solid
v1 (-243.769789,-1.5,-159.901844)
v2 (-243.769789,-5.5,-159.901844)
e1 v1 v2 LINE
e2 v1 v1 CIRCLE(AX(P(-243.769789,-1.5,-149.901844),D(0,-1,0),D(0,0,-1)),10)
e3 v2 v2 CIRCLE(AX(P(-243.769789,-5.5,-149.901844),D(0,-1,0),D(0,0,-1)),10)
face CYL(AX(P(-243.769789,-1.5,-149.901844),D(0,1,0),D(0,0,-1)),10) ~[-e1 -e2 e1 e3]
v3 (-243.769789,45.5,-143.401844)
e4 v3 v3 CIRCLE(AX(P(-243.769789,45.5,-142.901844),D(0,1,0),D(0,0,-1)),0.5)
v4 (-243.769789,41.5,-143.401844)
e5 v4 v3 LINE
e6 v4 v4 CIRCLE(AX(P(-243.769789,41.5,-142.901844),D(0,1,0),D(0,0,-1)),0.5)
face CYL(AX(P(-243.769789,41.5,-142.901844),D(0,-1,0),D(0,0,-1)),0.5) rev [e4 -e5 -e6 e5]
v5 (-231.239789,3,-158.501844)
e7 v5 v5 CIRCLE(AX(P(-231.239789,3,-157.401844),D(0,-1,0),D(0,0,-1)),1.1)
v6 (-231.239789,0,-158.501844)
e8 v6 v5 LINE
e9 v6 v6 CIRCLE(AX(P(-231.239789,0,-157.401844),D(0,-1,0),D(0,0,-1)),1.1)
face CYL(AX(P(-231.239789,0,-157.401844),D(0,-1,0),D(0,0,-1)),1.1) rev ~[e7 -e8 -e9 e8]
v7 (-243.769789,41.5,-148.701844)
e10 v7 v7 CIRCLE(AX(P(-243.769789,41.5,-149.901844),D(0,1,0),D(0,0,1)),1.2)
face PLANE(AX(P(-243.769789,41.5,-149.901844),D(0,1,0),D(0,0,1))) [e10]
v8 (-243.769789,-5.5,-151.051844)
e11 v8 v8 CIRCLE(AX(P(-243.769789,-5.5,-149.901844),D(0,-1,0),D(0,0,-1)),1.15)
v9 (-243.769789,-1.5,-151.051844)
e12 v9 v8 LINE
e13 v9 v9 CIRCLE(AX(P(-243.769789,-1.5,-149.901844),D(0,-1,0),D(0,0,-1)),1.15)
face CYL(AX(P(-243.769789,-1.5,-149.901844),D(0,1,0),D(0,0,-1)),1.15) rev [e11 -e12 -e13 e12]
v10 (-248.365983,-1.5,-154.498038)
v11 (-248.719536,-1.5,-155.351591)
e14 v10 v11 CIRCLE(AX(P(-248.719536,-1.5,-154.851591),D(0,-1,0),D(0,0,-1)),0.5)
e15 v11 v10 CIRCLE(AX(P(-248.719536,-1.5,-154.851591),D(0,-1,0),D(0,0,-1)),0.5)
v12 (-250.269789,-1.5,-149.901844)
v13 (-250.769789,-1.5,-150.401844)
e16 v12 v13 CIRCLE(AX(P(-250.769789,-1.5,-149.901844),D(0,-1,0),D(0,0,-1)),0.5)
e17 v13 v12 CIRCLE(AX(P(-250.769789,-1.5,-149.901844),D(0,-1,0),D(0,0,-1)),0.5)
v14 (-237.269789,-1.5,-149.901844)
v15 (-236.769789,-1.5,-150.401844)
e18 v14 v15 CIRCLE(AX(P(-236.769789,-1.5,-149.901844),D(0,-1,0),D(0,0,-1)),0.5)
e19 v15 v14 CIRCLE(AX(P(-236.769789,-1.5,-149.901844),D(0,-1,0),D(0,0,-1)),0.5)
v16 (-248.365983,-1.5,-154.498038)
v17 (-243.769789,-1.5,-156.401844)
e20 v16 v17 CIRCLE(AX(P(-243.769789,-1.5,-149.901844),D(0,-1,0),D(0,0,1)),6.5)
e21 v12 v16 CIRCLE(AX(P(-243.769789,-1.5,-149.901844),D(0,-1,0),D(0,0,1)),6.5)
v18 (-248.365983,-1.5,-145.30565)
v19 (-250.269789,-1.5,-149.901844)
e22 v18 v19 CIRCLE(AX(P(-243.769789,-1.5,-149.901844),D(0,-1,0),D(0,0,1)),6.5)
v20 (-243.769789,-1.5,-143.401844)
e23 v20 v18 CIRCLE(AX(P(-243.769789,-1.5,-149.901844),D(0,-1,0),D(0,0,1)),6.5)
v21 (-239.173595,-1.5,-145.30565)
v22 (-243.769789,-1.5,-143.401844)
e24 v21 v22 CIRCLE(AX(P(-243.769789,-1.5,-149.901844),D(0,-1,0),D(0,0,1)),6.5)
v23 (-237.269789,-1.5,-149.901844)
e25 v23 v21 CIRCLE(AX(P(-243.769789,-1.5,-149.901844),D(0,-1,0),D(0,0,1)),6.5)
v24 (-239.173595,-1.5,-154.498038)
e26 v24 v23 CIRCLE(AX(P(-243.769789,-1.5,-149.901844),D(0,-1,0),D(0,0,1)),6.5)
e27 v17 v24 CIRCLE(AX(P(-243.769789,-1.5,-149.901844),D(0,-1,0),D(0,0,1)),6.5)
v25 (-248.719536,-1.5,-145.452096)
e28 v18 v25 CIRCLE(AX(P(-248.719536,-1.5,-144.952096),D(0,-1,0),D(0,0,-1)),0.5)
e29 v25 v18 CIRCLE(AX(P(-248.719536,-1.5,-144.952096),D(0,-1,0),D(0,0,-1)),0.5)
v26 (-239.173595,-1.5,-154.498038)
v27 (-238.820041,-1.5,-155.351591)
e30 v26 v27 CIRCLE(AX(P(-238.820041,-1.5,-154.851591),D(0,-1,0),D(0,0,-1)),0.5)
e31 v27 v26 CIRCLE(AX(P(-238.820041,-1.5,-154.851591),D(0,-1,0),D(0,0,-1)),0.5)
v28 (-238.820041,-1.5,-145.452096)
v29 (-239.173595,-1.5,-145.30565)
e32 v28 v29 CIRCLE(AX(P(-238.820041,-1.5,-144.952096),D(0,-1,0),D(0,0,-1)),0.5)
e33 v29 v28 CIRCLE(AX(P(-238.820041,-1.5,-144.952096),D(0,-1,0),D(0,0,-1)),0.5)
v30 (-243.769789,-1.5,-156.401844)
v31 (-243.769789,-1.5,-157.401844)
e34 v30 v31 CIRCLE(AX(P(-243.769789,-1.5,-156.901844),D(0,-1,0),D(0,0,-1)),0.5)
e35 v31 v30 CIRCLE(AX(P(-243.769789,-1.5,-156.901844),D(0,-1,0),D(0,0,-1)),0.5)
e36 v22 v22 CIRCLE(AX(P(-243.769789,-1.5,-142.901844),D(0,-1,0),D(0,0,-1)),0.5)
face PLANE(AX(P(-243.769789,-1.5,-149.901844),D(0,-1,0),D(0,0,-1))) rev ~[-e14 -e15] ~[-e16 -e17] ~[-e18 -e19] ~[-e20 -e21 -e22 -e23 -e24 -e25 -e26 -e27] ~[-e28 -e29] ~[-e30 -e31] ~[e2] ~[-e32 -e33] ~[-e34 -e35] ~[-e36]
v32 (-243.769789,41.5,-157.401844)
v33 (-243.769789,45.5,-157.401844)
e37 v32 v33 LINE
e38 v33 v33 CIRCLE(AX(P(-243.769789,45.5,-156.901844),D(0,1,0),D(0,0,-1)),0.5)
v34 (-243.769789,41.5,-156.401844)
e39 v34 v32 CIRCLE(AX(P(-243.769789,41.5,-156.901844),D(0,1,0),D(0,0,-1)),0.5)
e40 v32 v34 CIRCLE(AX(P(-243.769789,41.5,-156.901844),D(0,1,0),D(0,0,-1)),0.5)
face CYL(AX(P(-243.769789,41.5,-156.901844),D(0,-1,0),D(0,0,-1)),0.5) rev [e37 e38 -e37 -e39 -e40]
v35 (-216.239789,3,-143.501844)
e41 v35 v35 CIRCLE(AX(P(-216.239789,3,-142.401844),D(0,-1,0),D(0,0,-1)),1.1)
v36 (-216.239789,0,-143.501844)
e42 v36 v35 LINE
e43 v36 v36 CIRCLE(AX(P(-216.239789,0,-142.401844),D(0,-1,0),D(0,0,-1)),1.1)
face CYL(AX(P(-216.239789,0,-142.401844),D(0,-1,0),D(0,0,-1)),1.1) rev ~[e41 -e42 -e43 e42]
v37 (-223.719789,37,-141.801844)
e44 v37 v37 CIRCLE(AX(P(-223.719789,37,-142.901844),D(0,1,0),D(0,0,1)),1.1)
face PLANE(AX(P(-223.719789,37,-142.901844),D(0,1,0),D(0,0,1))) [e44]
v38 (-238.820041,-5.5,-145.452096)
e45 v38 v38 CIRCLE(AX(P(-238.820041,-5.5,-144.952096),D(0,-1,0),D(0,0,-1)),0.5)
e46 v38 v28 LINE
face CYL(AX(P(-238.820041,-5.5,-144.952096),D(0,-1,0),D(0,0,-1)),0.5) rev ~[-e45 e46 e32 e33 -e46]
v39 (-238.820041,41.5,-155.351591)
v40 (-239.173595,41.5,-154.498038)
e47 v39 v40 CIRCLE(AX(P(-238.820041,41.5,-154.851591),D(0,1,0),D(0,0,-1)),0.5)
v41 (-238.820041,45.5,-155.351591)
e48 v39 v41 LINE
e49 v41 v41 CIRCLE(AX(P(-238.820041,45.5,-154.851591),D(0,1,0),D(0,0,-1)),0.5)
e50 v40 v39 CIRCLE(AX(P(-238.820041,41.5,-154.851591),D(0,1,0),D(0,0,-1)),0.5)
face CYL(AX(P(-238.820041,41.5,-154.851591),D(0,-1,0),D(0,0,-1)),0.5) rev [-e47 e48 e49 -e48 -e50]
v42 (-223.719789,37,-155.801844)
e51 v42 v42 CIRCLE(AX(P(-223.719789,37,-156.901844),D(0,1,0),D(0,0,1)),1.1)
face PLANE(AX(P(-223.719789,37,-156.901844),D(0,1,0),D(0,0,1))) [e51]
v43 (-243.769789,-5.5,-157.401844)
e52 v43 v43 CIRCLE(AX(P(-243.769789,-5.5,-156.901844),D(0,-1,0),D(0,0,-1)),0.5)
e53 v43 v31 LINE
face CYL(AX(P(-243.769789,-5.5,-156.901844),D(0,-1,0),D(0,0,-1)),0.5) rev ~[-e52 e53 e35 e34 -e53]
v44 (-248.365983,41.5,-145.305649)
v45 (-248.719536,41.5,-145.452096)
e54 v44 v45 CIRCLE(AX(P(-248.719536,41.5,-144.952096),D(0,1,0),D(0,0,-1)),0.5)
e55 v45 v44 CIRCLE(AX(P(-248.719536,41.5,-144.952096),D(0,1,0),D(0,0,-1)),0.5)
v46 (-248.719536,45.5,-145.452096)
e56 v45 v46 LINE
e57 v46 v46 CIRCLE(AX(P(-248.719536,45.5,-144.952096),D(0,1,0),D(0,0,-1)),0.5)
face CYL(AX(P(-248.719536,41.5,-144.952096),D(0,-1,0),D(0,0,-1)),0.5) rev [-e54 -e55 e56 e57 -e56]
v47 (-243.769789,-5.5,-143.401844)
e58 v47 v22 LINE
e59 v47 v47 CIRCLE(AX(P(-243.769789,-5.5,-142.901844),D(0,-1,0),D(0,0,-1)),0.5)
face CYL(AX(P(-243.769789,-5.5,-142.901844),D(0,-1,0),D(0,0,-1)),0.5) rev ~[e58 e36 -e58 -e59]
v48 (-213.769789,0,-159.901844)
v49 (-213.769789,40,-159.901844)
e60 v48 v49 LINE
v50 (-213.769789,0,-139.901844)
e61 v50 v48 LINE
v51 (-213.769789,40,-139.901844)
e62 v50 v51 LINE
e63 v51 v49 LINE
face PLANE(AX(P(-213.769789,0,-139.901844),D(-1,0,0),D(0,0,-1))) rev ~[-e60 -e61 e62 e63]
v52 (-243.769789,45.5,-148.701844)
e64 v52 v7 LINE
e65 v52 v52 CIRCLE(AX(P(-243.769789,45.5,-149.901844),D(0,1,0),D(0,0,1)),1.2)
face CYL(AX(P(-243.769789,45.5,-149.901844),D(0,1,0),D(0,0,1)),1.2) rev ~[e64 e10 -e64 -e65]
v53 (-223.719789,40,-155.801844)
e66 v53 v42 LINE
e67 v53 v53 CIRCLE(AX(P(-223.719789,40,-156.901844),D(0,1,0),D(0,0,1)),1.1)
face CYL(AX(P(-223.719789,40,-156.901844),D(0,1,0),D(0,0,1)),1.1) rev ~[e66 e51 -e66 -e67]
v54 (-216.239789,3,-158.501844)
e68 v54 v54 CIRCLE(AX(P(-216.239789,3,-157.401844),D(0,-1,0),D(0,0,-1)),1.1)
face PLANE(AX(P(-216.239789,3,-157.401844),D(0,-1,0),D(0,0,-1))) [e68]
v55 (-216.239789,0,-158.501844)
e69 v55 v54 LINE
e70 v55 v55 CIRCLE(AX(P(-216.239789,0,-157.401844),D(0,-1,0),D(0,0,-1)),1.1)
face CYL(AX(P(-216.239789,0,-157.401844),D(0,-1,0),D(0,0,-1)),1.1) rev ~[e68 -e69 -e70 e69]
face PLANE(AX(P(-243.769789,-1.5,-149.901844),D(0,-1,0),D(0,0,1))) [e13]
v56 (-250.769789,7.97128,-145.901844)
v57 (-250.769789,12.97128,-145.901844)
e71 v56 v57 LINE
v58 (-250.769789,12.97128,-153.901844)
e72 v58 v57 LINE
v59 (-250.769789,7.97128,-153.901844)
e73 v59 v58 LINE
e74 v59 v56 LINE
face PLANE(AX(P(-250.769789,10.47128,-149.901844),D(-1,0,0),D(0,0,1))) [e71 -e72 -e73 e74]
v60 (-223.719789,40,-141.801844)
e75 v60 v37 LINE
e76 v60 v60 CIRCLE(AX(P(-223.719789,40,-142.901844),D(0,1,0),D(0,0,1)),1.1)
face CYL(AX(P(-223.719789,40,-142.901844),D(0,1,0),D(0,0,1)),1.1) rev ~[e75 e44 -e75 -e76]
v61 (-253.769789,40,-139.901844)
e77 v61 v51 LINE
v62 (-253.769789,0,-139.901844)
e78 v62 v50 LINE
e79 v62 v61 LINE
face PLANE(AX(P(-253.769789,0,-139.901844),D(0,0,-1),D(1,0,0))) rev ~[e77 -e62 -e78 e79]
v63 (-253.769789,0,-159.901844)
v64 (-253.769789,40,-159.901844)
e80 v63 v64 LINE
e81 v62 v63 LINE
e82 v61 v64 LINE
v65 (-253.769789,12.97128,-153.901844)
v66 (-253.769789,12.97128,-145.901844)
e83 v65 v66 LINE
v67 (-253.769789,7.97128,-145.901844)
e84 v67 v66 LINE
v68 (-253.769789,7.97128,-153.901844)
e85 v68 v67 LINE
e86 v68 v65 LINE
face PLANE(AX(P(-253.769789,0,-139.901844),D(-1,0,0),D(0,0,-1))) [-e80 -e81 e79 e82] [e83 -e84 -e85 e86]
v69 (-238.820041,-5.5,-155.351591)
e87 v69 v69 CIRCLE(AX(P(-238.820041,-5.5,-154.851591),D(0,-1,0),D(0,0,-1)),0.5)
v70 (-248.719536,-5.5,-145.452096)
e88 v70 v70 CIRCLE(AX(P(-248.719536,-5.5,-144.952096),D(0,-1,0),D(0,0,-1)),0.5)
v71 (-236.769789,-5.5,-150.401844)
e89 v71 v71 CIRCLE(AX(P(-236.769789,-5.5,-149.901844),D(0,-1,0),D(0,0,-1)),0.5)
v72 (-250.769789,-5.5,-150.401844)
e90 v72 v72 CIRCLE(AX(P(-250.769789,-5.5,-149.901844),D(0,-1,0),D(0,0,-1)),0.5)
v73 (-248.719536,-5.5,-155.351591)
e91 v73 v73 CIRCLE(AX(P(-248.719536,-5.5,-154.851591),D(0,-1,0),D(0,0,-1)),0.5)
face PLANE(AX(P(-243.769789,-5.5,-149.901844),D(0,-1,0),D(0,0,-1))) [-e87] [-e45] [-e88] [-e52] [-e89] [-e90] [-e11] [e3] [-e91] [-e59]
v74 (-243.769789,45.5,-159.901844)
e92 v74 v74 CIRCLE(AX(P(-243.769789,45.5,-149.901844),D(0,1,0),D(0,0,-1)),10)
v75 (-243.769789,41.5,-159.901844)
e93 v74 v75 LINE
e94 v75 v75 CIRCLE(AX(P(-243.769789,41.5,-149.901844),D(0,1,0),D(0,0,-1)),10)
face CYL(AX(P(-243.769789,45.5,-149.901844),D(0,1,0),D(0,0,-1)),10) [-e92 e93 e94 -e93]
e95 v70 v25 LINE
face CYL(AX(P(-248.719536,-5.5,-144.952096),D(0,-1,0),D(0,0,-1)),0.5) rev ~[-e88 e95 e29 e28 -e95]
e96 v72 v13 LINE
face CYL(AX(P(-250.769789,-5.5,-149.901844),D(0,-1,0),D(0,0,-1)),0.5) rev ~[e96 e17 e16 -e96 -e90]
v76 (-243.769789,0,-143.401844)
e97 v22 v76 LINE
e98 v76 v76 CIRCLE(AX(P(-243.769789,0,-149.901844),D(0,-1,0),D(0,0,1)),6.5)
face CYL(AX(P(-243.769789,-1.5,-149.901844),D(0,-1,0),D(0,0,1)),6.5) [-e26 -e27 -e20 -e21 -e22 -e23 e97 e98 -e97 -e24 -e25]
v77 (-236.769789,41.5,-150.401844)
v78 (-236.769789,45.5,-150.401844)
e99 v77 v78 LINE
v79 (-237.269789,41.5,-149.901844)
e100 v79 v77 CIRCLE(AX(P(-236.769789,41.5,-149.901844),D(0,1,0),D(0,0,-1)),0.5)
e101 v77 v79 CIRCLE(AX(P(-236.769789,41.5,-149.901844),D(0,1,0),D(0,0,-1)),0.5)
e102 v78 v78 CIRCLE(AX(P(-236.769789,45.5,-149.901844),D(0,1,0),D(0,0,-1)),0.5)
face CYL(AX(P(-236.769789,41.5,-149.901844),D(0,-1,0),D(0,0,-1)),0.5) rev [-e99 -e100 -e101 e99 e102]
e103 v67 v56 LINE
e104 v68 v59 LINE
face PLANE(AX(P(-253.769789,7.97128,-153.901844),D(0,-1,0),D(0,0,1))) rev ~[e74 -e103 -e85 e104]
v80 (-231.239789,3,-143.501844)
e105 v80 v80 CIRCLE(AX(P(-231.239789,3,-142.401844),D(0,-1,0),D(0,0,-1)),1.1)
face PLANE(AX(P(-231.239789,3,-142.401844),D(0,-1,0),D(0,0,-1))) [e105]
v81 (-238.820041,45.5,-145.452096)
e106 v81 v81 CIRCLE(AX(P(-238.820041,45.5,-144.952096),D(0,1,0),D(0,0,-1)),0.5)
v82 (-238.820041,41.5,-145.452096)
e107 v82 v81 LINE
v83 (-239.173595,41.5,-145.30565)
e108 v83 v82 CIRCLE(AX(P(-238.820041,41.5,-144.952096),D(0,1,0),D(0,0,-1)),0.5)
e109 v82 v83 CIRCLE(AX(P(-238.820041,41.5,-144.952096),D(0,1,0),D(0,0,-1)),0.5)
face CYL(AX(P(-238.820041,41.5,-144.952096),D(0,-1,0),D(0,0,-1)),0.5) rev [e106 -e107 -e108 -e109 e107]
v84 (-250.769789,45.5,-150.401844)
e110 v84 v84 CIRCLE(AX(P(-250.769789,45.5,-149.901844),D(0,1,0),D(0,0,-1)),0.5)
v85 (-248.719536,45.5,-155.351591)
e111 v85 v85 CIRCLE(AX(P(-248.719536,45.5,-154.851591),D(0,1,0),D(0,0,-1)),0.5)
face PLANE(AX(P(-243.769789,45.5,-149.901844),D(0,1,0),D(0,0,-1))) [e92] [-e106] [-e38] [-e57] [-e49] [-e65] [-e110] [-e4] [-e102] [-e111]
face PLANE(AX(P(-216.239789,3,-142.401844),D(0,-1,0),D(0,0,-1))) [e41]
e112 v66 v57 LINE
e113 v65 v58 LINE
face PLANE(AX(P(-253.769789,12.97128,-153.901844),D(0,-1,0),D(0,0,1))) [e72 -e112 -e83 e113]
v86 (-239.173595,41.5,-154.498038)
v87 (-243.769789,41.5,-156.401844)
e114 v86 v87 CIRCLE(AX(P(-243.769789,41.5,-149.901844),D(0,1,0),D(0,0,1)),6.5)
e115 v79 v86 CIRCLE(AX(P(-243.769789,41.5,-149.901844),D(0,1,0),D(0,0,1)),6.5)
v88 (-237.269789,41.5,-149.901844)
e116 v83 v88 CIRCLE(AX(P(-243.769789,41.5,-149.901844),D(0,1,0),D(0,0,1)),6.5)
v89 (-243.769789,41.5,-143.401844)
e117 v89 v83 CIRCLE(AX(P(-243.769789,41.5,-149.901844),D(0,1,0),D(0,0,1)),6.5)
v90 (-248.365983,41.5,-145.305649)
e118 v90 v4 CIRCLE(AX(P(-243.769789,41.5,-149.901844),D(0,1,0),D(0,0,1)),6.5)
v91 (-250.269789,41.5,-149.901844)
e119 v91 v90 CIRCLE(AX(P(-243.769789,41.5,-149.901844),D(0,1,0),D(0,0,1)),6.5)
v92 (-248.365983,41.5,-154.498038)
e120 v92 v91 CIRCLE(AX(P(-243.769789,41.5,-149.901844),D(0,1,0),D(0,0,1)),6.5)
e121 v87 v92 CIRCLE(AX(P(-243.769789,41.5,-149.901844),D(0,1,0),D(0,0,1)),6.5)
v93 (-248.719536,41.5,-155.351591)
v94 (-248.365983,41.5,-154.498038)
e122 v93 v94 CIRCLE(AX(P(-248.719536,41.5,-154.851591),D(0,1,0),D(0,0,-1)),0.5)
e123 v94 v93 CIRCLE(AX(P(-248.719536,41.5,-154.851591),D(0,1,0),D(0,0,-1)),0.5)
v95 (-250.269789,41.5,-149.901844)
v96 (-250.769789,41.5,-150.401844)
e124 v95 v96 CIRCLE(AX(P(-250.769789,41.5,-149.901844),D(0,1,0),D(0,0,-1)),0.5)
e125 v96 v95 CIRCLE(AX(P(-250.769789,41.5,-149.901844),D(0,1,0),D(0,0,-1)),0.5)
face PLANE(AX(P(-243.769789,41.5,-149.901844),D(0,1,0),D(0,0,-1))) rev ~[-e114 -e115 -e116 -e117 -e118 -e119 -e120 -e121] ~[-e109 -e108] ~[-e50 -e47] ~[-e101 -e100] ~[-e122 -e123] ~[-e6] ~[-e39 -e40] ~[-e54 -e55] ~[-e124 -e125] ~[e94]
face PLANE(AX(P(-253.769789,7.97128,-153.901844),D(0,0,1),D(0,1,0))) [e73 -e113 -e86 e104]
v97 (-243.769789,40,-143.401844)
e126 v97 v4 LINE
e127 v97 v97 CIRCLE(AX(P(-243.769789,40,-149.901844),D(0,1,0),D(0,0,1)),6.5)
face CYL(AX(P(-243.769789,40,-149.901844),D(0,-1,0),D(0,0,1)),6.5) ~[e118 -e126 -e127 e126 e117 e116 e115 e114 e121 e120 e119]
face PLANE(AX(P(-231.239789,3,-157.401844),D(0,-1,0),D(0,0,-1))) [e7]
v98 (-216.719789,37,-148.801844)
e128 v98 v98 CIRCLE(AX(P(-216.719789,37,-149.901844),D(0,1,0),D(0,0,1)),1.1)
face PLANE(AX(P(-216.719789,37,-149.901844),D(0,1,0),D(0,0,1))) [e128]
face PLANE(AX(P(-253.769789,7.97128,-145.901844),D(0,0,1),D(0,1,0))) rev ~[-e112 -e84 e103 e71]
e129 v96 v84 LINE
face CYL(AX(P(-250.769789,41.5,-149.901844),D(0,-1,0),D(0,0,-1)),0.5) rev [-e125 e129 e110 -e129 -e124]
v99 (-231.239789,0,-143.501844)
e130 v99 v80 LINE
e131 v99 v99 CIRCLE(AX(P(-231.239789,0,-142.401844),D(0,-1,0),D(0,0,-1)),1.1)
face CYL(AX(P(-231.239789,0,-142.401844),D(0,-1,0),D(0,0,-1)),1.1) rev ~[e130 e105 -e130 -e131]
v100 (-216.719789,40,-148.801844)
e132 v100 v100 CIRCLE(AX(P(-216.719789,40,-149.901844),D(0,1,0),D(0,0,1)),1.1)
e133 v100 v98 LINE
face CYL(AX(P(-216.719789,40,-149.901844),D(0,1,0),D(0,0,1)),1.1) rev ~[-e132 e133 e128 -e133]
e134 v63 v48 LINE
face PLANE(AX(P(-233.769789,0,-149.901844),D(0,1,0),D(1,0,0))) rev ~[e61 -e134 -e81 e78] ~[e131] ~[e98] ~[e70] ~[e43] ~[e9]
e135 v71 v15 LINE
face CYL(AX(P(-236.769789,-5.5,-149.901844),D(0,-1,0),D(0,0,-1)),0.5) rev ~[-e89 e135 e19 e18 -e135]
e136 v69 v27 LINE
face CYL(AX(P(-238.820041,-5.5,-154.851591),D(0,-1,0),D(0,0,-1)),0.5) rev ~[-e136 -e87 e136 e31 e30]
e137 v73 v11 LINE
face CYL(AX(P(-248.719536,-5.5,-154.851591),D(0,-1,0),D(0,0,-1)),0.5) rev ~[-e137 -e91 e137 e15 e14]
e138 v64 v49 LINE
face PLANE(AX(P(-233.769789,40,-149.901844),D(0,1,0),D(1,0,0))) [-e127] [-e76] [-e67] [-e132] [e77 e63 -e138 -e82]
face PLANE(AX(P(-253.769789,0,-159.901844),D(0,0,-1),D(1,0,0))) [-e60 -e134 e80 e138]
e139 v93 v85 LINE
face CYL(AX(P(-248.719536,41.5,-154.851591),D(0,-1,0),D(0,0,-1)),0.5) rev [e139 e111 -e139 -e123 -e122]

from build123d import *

# Parameters (mm, degrees)
SKETCH1_W           = 40
SKETCH1_H           = 20
BOSS_EXTRUDE1_DEPTH = 40
SKETCH3_R           = 6.5
BOSS_EXTRUDE2_DEPTH = 1.5
BOSS_EXTRUDE3_START = 1.5
SKETCH4_R           = 6.5
BOSS_EXTRUDE3_DEPTH = 1.5
SKETCH5_R           = 10
SKETCH5_R_2         = 1.15
BOSS_EXTRUDE4_DEPTH = 4
BOSS_EXTRUDE6_START = 4
SKETCH6_R           = 10
SKETCH6_R_2         = 1.2
BOSS_EXTRUDE6_DEPTH = 4
SKETCH8_W           = 8
SKETCH8_H           = 5
CUT_EXTRUDE1_DEPTH  = 3
SKETCH9_R           = 1.1
CUT_EXTRUDE2_DEPTH  = 3
SKETCH10_R          = 1.1
CUT_EXTRUDE3_DEPTH  = 3
SKETCH13_R          = 0.5
CUT_EXTRUDE5_DEPTH  = 4
CUT_EXTRUDE6_START  = -4
SKETCH14_R          = 0.5
CUT_EXTRUDE6_DEPTH  = 4


with BuildPart() as part:
    # Sketch1 → Boss-Extrude1 (new body)
    with BuildSketch(Plane(origin=(0, 0, 0), x_dir=(1, 0, 0), z_dir=(0, 1, 0))):
        with Locations((-233.769788889, 149.901843582)):
            Rectangle(SKETCH1_W, SKETCH1_H)
    extrude(amount=BOSS_EXTRUDE1_DEPTH)

    # Sketch3 → Boss-Extrude2 (add)
    with BuildSketch(Plane(origin=(0, 40, 0), x_dir=(1, 0, 0), z_dir=(0, 1, 0))):
        with Locations(Location((-243.769788889, 149.901843582, 0), (0, 0, 270))):
            Circle(SKETCH3_R)
    extrude(amount=BOSS_EXTRUDE2_DEPTH)

    # Sketch4 → Boss-Extrude3 (add)
    with BuildSketch(Plane.XZ.offset(BOSS_EXTRUDE3_START)):
        with Locations(Location((-243.769788889, -149.901843582, 0), (0, 0, 90))):
            Circle(SKETCH4_R)
    extrude(amount=-BOSS_EXTRUDE3_DEPTH)

    # Sketch5 → Boss-Extrude4 (add)
    with BuildSketch(Plane.XZ.offset(1.5)):
        with Locations(Location((-243.769788889, -149.901843582, 0), (0, 0, 270))):
            Circle(SKETCH5_R)
        with Locations(Location((-243.769788889, -149.901843582, 0), (0, 0, 270))):
            Circle(SKETCH5_R_2, mode=Mode.SUBTRACT)
    extrude(amount=BOSS_EXTRUDE4_DEPTH)

    # Sketch6 → Boss-Extrude6 (add)
    with BuildSketch(Plane(origin=(0, 41.5, 0), x_dir=(1, 0, 0), z_dir=(0, 1, 0)).offset(BOSS_EXTRUDE6_START)):
        with Locations(Location((-243.769788889, 149.901843582, 0), (0, 0, 90))):
            Circle(SKETCH6_R)
        with Locations(Location((-243.769788889, 149.901843582, 0), (0, 0, 270))):
            Circle(SKETCH6_R_2, mode=Mode.SUBTRACT)
    extrude(amount=-BOSS_EXTRUDE6_DEPTH)

    # Sketch8 → Cut-Extrude1 (cut)
    with BuildSketch(Plane.ZY.offset(253.769788889)):
        with Locations((-149.901843582, 10.471280392)):
            Rectangle(SKETCH8_W, SKETCH8_H)
    extrude(amount=-CUT_EXTRUDE1_DEPTH, mode=Mode.SUBTRACT)

    # Sketch9 → Cut-Extrude2 (cut)
    with BuildSketch(Plane(origin=(0, 40, 0), x_dir=(1, 0, 0), z_dir=(0, 1, 0))):
        with Locations(Location((-216.719788889, 149.901843582, 0), (0, 0, 270))):
            Circle(SKETCH9_R)
        with Locations(Location((-223.719788889, 142.901843582, 0), (0, 0, 270))):
            Circle(SKETCH9_R)
        with Locations(Location((-223.719788889, 156.901843582, 0), (0, 0, 270))):
            Circle(SKETCH9_R)
    extrude(amount=-CUT_EXTRUDE2_DEPTH, mode=Mode.SUBTRACT)

    # Sketch10 → Cut-Extrude3 (cut)
    with BuildSketch(Plane.XZ):
        with Locations(Location((-216.239788889, -157.401843582, 0), (0, 0, 270))):
            Circle(SKETCH10_R)
        with Locations(Location((-216.239788889, -142.401843582, 0), (0, 0, 270))):
            Circle(SKETCH10_R)
        with Locations(Location((-231.239788889, -157.401843582, 0), (0, 0, 270))):
            Circle(SKETCH10_R)
        with Locations(Location((-231.239788889, -142.401843582, 0), (0, 0, 270))):
            Circle(SKETCH10_R)
    extrude(amount=-CUT_EXTRUDE3_DEPTH, mode=Mode.SUBTRACT)

    # Sketch13 → Cut-Extrude5 (cut)
    with BuildSketch(Plane.XZ.offset(5.5)):
        with Locations(Location((-243.769788889, -142.901843582, 0), (0, 0, 270))):
            Circle(SKETCH13_R)
        with Locations(Location((-238.82004142, -144.952096113, 0), (0, 0, 270))):
            Circle(SKETCH13_R)
        with Locations(Location((-236.769788889, -149.901843582, 0), (0, 0, 270))):
            Circle(SKETCH13_R)
        with Locations(Location((-238.82004142, -154.85159105, 0), (0, 0, 270))):
            Circle(SKETCH13_R)
        with Locations(Location((-243.769788889, -156.901843582, 0), (0, 0, 270))):
            Circle(SKETCH13_R)
        with Locations(Location((-248.719536357, -154.85159105, 0), (0, 0, 270))):
            Circle(SKETCH13_R)
        with Locations(Location((-250.769788889, -149.901843582, 0), (0, 0, 270))):
            Circle(SKETCH13_R)
        with Locations(Location((-248.719536357, -144.952096113, 0), (0, 0, 270))):
            Circle(SKETCH13_R)
    extrude(amount=-CUT_EXTRUDE5_DEPTH, mode=Mode.SUBTRACT)

    # Sketch14 → Cut-Extrude6 (cut)
    with BuildSketch(Plane(origin=(0, 45.5, 0), x_dir=(1, 0, 0), z_dir=(0, 1, 0)).offset(CUT_EXTRUDE6_START)):
        with Locations(Location((-243.769788889, 156.901843582, 0), (0, 0, 90))):
            Circle(SKETCH14_R)
        with Locations(Location((-238.82004142, 154.85159105, 0), (0, 0, 90))):
            Circle(SKETCH14_R)
        with Locations(Location((-236.769788889, 149.901843582, 0), (0, 0, 90))):
            Circle(SKETCH14_R)
        with Locations(Location((-238.82004142, 144.952096113, 0), (0, 0, 90))):
            Circle(SKETCH14_R)
        with Locations(Location((-243.769788889, 142.901843582, 0), (0, 0, 90))):
            Circle(SKETCH14_R)
        with Locations(Location((-248.719536357, 144.952096113, 0), (0, 0, 90))):
            Circle(SKETCH14_R)
        with Locations(Location((-250.769788889, 149.901843582, 0), (0, 0, 90))):
            Circle(SKETCH14_R)
        with Locations(Location((-248.719536357, 154.85159105, 0), (0, 0, 90))):
            Circle(SKETCH14_R)
    extrude(amount=CUT_EXTRUDE6_DEPTH, mode=Mode.SUBTRACT)


solid = part.part
